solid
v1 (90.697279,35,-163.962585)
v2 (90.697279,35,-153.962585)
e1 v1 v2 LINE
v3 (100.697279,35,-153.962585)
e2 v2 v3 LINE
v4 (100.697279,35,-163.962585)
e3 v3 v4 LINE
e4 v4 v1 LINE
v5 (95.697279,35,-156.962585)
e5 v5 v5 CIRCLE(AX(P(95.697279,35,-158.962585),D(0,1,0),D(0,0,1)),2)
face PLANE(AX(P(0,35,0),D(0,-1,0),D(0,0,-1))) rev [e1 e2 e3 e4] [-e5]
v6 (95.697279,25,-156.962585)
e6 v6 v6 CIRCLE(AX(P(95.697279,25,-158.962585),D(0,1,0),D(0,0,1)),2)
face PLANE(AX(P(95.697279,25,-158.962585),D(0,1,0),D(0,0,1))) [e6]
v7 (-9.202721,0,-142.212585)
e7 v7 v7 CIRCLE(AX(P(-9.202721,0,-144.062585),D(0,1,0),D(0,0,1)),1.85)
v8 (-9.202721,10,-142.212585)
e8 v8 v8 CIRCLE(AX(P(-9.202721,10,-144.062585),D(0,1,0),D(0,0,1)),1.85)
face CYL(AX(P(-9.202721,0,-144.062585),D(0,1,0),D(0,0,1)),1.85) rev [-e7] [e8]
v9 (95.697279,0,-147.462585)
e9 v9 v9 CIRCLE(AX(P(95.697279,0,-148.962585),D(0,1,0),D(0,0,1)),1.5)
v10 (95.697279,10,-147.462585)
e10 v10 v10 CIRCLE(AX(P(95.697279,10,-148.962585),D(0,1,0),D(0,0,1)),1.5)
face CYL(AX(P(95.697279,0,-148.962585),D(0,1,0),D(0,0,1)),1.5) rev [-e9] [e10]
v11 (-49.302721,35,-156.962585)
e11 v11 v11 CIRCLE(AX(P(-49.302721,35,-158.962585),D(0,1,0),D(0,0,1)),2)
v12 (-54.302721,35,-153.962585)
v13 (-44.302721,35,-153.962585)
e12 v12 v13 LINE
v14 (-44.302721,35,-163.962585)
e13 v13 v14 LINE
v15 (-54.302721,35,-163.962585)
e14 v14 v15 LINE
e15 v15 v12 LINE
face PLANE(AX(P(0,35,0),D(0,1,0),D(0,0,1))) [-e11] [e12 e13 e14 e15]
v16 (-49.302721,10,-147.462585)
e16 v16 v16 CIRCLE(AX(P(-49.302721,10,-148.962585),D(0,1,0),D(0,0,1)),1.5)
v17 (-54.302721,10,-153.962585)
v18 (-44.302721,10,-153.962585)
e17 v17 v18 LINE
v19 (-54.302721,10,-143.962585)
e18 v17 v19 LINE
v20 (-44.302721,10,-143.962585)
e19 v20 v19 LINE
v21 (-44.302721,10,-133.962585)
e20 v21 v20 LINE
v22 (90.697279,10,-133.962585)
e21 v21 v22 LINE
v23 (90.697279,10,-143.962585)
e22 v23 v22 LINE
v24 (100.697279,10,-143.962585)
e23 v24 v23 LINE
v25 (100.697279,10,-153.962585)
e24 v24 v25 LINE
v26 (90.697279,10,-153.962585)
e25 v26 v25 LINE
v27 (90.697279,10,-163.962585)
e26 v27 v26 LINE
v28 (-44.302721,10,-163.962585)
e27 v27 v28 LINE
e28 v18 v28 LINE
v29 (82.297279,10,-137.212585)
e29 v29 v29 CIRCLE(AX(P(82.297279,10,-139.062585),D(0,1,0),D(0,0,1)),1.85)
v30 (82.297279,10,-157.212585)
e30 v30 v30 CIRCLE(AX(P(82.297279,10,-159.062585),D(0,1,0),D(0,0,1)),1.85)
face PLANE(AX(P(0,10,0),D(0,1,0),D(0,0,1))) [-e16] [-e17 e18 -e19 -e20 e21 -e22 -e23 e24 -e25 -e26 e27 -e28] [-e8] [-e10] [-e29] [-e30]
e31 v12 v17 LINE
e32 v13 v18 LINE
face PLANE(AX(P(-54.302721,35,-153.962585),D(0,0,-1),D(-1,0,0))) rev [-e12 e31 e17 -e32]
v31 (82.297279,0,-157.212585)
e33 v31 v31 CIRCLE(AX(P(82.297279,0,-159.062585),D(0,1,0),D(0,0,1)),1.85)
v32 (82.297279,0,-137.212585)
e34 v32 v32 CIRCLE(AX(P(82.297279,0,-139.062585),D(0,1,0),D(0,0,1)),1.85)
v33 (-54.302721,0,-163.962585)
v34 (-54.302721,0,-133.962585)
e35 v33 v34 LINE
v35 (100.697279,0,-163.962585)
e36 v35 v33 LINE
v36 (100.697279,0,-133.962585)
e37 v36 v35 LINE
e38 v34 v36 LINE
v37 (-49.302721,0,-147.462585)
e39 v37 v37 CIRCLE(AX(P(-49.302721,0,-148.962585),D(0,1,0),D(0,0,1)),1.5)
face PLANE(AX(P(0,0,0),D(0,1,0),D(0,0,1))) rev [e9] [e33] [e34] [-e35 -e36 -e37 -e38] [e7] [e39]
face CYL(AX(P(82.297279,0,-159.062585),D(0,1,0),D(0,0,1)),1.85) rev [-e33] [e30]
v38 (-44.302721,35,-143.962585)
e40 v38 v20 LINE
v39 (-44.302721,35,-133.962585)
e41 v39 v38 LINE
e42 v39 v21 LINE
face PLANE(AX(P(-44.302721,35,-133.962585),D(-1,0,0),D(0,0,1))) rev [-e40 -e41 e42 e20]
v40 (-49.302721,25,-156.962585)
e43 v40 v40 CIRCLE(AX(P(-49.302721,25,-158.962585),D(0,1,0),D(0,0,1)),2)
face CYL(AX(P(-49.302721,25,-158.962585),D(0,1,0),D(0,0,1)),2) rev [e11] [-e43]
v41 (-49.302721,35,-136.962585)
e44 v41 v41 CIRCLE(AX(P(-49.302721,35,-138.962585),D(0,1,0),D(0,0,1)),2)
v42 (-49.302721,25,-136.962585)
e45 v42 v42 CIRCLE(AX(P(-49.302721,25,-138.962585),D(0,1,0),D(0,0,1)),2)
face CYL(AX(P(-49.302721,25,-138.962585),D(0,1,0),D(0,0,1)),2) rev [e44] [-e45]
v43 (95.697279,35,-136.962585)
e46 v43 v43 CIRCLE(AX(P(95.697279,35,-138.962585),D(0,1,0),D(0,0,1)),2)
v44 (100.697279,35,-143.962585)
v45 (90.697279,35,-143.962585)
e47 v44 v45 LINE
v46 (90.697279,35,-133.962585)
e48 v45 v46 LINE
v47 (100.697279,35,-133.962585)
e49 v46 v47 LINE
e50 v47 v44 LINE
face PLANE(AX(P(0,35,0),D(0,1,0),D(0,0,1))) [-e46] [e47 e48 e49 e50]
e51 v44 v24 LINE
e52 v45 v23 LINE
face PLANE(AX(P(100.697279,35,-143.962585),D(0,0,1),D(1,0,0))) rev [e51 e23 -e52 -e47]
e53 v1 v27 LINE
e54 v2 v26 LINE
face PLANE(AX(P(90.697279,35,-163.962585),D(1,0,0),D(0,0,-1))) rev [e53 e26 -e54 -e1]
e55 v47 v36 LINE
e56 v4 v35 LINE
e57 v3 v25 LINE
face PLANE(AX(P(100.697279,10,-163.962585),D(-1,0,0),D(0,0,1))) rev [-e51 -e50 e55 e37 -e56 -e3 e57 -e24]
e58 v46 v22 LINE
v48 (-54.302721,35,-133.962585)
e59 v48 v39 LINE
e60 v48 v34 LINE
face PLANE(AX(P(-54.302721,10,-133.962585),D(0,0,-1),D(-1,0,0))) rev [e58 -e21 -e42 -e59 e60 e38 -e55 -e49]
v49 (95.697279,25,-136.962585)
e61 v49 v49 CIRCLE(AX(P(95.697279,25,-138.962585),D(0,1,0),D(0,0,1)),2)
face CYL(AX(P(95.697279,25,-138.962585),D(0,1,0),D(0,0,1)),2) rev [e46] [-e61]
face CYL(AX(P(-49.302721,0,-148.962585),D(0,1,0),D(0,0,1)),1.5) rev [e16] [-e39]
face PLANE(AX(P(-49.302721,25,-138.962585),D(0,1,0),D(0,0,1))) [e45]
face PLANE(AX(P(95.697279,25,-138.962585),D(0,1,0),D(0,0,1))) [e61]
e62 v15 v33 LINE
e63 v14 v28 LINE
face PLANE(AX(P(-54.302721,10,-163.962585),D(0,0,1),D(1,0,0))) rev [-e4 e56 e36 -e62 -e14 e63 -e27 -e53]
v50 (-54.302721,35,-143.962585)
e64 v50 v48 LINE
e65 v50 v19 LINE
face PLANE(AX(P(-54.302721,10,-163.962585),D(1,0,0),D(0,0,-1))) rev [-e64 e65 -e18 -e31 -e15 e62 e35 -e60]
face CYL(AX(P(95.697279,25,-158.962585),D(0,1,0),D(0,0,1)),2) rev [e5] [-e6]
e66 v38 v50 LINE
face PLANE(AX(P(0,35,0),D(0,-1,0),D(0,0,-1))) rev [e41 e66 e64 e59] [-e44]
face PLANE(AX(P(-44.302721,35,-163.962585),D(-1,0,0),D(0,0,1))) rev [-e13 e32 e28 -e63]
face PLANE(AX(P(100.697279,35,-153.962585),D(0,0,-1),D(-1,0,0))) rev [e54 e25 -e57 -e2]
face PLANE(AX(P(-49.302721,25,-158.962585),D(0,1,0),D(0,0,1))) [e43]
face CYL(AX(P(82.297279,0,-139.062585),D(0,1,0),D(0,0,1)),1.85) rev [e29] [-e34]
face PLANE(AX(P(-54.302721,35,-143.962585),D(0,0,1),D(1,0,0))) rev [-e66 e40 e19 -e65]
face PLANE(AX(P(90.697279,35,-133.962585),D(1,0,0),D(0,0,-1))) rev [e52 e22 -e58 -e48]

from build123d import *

# Parameters (mm, degrees)
SKETCH3_W           = 155
SKETCH3_H           = 30
BOSS_EXTRUDE3_DEPTH = 10
SKETCH4_W           = 10
SKETCH4_H           = 10
BOSS_EXTRUDE4_DEPTH = 25
SKETCH6_R           = 2
CUT_EXTRUDE1_DEPTH  = 10
SKETCH7_R           = 1.5
SKETCH7_R_2         = 1.85
CUT_EXTRUDE2_DEPTH  = 10


with BuildPart() as part:
    # Sketch3 → Boss-Extrude3 (new body)
    with BuildSketch(Plane(origin=(0, 0, 0), x_dir=(1, 0, 0), z_dir=(0, 1, 0))):
        with Locations((23.197278912, 148.962585034)):
            Rectangle(SKETCH3_W, SKETCH3_H)
    extrude(amount=BOSS_EXTRUDE3_DEPTH)

    # Sketch4 → Boss-Extrude4 (add)
    with BuildSketch(Plane(origin=(0, 10, 0), x_dir=(1, 0, 0), z_dir=(0, 1, 0))):
        with Locations((-49.302721088, 158.962585034)):
            Rectangle(SKETCH4_W, SKETCH4_H)
        with Locations((-49.302721088, 138.962585034)):
            Rectangle(SKETCH4_W, SKETCH4_H)
        with Locations((95.697278912, 158.962585034)):
            Rectangle(SKETCH4_W, SKETCH4_H)
        with Locations((95.697278912, 138.962585034)):
            Rectangle(SKETCH4_W, SKETCH4_H)
    extrude(amount=BOSS_EXTRUDE4_DEPTH)

    # Sketch6 → Cut-Extrude1 (cut)
    with BuildSketch(Plane(origin=(0, 35, 0), x_dir=(1, 0, 0), z_dir=(0, 1, 0))):
        with Locations((95.697278912, 138.962585034)):
            Circle(SKETCH6_R)
        with Locations((95.697278912, 158.962585034)):
            Circle(SKETCH6_R)
        with Locations((-49.302721088, 138.962585034)):
            Circle(SKETCH6_R)
        with Locations((-49.302721088, 158.962585034)):
            Circle(SKETCH6_R)
    extrude(amount=-CUT_EXTRUDE1_DEPTH, mode=Mode.SUBTRACT)

    # Sketch7 → Cut-Extrude2 (cut)
    with BuildSketch(Plane(origin=(0, 10, 0), x_dir=(1, 0, 0), z_dir=(0, 1, 0))):
        with Locations((95.697278912, 148.962585034)):
            Circle(SKETCH7_R)
        with Locations((82.297278912, 139.062585034)):
            Circle(SKETCH7_R_2)
        with Locations((82.297278912, 159.062585034)):
            Circle(SKETCH7_R_2)
        with Locations((-49.302721088, 148.962585034)):
            Circle(SKETCH7_R)
        with Locations((-9.202721088, 144.062585034)):
            Circle(SKETCH7_R_2)
    extrude(amount=-CUT_EXTRUDE2_DEPTH, mode=Mode.SUBTRACT)


solid = part.part
